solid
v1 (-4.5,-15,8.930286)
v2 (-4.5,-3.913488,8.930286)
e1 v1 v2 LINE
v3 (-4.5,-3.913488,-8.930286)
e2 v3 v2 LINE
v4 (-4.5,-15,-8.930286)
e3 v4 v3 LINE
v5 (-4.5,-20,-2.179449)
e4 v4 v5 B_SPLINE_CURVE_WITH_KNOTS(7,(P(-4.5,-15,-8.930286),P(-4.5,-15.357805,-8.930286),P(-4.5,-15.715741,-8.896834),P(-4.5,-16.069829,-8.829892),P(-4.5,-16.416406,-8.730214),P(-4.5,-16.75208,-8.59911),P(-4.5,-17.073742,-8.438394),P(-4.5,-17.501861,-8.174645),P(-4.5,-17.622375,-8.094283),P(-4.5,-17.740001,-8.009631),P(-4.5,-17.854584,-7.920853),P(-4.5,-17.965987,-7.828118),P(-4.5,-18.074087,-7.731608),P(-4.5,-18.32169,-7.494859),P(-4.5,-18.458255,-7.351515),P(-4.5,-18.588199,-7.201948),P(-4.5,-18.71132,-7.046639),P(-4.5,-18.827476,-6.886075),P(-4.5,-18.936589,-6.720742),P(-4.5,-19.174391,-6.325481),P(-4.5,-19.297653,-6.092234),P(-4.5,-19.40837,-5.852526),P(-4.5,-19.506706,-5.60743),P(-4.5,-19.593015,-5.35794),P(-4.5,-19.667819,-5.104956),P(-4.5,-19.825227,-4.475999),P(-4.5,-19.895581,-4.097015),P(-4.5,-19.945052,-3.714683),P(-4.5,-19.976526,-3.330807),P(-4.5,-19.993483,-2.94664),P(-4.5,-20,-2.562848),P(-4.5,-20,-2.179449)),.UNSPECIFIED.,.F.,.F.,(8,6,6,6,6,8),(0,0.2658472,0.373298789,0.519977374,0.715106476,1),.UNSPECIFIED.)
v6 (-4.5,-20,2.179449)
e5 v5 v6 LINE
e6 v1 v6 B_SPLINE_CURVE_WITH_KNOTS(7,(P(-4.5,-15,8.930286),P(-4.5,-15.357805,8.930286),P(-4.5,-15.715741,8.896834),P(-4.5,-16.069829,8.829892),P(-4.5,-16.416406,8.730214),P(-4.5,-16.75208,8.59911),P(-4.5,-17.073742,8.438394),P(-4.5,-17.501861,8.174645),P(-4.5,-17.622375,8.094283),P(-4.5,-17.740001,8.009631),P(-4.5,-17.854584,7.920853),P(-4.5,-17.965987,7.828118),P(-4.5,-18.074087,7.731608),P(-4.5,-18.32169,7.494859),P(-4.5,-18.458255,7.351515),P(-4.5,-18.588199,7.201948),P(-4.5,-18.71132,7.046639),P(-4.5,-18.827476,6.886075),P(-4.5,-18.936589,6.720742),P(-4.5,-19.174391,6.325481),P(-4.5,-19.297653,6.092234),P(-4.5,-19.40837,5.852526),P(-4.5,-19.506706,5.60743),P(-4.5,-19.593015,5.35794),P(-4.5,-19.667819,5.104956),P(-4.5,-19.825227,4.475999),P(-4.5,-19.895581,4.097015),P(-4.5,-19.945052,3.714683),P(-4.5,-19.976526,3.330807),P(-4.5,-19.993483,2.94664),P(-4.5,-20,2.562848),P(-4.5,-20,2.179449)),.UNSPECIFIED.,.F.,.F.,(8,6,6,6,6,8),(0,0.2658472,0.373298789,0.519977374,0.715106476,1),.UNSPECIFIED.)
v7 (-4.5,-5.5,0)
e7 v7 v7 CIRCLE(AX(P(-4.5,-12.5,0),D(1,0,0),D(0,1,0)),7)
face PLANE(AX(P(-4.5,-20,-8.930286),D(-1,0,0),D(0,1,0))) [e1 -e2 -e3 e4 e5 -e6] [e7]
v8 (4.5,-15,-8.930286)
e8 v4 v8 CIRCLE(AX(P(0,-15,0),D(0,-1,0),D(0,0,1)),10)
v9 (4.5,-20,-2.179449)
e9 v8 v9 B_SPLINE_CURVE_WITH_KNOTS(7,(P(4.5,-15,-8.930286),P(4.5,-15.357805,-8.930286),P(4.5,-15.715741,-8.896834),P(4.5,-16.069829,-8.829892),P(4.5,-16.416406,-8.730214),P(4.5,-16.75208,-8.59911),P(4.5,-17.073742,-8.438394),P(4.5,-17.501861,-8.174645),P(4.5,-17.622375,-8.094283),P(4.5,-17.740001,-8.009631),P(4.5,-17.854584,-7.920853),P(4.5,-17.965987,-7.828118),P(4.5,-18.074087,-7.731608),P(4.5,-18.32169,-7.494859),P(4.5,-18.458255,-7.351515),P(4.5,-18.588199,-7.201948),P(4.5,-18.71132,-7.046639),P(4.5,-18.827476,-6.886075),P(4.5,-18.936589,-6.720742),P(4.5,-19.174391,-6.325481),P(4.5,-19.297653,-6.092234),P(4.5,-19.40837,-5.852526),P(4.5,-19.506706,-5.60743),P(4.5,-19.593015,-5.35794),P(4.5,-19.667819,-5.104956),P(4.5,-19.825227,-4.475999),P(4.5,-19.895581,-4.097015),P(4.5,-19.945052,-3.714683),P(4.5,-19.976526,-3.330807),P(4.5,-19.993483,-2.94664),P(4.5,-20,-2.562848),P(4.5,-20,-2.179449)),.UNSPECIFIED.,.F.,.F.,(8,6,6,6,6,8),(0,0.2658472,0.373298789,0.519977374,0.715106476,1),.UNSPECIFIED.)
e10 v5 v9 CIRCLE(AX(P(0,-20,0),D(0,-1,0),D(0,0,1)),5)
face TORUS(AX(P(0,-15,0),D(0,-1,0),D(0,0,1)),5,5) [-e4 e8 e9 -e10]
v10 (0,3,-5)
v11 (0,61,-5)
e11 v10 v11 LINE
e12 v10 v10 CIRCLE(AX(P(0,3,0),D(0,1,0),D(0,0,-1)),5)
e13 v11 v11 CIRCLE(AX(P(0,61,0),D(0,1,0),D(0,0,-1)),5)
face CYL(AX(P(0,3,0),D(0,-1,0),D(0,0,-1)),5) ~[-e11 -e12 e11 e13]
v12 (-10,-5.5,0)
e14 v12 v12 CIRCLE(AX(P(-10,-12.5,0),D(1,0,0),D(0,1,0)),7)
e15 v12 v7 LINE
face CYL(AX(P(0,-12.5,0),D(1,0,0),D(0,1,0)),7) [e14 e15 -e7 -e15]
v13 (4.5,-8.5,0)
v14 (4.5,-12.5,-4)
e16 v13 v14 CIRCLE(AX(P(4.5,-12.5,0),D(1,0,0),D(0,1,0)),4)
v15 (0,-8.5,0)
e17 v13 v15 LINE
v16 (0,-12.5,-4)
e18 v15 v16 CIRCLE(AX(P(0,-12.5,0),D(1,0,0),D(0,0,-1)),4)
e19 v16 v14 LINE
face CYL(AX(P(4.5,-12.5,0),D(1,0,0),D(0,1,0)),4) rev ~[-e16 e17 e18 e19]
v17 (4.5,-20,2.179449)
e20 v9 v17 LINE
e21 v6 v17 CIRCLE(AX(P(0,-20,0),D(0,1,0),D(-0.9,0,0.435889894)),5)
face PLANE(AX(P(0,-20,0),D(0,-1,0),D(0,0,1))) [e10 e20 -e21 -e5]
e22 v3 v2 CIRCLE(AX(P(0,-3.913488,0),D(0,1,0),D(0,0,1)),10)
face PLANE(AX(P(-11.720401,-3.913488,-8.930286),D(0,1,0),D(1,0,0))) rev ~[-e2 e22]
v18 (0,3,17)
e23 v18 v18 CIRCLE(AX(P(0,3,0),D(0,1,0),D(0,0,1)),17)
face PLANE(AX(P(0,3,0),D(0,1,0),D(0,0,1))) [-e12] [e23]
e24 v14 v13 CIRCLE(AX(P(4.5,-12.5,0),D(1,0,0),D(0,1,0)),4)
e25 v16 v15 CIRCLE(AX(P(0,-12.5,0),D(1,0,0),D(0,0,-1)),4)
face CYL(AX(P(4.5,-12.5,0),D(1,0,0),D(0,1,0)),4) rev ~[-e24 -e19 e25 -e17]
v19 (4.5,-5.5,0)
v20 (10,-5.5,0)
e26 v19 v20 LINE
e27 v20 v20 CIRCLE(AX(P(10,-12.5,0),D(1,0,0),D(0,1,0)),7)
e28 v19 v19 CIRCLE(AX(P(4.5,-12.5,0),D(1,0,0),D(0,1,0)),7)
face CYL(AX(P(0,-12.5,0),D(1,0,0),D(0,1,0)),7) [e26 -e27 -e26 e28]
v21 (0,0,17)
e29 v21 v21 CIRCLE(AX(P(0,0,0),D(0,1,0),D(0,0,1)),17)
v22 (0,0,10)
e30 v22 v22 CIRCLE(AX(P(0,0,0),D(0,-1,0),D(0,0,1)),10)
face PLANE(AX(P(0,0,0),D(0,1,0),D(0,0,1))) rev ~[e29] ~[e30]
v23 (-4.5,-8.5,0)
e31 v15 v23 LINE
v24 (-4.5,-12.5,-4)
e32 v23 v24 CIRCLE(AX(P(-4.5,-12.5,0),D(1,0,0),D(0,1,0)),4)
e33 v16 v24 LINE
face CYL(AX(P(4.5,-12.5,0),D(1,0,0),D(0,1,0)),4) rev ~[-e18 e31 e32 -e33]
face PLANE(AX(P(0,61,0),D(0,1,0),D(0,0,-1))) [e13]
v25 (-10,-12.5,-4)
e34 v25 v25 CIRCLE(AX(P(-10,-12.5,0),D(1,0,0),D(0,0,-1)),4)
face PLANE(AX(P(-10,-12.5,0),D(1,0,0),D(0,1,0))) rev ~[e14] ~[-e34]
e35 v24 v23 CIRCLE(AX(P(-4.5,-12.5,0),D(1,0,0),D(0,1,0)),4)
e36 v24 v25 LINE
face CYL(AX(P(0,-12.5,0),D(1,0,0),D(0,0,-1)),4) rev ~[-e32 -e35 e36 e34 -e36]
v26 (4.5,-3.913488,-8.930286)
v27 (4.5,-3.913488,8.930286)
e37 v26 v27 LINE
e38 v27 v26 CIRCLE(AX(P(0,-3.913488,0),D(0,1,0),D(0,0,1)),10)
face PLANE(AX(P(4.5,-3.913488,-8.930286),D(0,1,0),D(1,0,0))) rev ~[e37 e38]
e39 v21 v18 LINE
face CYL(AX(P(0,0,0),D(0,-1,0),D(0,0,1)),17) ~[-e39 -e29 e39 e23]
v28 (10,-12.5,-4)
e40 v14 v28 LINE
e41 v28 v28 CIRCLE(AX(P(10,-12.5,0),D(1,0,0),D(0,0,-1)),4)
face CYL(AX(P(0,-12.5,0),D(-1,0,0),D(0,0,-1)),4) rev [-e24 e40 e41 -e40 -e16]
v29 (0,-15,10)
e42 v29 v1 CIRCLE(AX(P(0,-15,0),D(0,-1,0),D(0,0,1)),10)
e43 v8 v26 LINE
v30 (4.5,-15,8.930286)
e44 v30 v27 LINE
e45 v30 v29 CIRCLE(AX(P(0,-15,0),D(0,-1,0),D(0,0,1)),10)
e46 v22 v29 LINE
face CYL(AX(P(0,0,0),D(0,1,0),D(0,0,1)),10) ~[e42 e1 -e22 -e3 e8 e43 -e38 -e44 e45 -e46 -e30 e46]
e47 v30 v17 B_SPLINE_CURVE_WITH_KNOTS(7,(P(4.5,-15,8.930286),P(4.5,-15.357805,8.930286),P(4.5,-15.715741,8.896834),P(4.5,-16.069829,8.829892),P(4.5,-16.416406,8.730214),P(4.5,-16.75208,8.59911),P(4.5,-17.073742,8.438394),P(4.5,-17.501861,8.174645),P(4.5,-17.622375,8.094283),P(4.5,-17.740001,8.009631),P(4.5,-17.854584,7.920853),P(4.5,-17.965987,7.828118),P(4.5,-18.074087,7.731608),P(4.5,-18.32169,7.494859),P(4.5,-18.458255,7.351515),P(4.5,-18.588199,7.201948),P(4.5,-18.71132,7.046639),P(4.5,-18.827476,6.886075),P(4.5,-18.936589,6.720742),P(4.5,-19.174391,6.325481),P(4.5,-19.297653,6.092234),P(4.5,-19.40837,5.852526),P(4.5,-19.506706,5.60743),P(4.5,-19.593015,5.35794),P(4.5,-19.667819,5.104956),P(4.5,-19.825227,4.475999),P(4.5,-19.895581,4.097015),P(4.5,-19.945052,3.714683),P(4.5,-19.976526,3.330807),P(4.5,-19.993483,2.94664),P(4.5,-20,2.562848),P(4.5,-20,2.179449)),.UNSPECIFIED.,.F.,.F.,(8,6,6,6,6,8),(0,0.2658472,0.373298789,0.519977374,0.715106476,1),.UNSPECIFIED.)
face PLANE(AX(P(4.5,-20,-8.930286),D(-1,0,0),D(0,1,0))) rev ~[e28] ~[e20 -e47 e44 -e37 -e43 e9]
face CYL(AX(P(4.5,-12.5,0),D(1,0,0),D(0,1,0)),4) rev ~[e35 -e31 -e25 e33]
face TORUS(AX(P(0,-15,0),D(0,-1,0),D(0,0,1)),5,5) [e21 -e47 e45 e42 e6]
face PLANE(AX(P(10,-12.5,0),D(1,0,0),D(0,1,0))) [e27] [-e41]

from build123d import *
from build123d.topology import SkipClean

# Parameters (mm, degrees)
SKETCH1_R           = 17
BOSS_EXTRUDE1_DEPTH = 3
SKETCH2_R           = 5
BOSS_EXTRUDE2_DEPTH = 58
SKETCH3_R           = 10
BOSS_EXTRUDE3_DEPTH = 20
FILLET1_R           = 5
CUT_EXTRUDE1_START  = -8.930286
SKETCH4_W           = 7.220401321
SKETCH4_H           = 16.086512415
CUT_EXTRUDE1_DEPTH  = 17.860572
SKETCH5_R           = 4
CUT_EXTRUDE2_DEPTH  = 20
SKETCH6_R           = 7
SKETCH6_R_2         = 4
BOSS_EXTRUDE4_DEPTH = 10


with BuildPart() as part:
    # Sketch1 → Boss-Extrude1 (new body)
    with BuildSketch(Plane(origin=(0, 0, 0), x_dir=(1, 0, 0), z_dir=(0, 1, 0))):
        with Locations(Location((0, 0, 0), (0, 0, 270))):
            Circle(SKETCH1_R)
    extrude(amount=BOSS_EXTRUDE1_DEPTH)

    # Sketch2 → Boss-Extrude2 (add)
    with BuildSketch(Plane(origin=(0, 3, 0), x_dir=(1, 0, 0), z_dir=(0, 1, 0))):
        with Locations(Location((0, 0, 0), (0, 0, 90))):
            Circle(SKETCH2_R)
    extrude(amount=BOSS_EXTRUDE2_DEPTH)

    # Sketch3 → Boss-Extrude3 (add)
    with BuildSketch(Plane.XZ):
        with Locations(Location((0, 0, 0), (0, 0, 90))):
            Circle(SKETCH3_R)
    extrude(amount=BOSS_EXTRUDE3_DEPTH)

    # Fillet1
    fillet1_edges = [part.edges().sort_by_distance(p)[0] for p in [
        (0, -20, -10),
    ]]
    fillet(fillet1_edges, radius=FILLET1_R)

    # Sketch4 → Cut-Extrude1 (cut)
    with BuildSketch(Plane.XY.offset(CUT_EXTRUDE1_START)):
        with Locations((8.110200661, -11.956743792)):
            Rectangle(SKETCH4_W, SKETCH4_H)
        with Locations((-8.110200661, -11.956743792)):
            Rectangle(SKETCH4_W, SKETCH4_H)
    extrude(amount=CUT_EXTRUDE1_DEPTH, mode=Mode.SUBTRACT)

    # Sketch5 → Cut-Extrude2 (cut)
    with BuildSketch(Plane(origin=(4.5, 0, 0), x_dir=(0, 0, -1), z_dir=(1, 0, 0))):
        with Locations(Location((0, -12.5, 0), (0, 0, 90))):
            Circle(SKETCH5_R)
    extrude(amount=-CUT_EXTRUDE2_DEPTH, mode=Mode.SUBTRACT)

    # Sketch6 → Boss-Extrude4 (add, symmetric)
    with SkipClean():  # the faces are left unmerged after this step: merging them gives an invalid solid
        with BuildSketch(Plane(origin=(0, 0, 0), x_dir=(0, 0, -1), z_dir=(1, 0, 0))):
            with Locations(Location((0, -12.5, 0), (0, 0, 90))):
                Circle(SKETCH6_R)
            with Locations((0, -12.5)):
                Circle(SKETCH6_R_2, mode=Mode.SUBTRACT)
        extrude(amount=BOSS_EXTRUDE4_DEPTH, both=True)


solid = part.part
